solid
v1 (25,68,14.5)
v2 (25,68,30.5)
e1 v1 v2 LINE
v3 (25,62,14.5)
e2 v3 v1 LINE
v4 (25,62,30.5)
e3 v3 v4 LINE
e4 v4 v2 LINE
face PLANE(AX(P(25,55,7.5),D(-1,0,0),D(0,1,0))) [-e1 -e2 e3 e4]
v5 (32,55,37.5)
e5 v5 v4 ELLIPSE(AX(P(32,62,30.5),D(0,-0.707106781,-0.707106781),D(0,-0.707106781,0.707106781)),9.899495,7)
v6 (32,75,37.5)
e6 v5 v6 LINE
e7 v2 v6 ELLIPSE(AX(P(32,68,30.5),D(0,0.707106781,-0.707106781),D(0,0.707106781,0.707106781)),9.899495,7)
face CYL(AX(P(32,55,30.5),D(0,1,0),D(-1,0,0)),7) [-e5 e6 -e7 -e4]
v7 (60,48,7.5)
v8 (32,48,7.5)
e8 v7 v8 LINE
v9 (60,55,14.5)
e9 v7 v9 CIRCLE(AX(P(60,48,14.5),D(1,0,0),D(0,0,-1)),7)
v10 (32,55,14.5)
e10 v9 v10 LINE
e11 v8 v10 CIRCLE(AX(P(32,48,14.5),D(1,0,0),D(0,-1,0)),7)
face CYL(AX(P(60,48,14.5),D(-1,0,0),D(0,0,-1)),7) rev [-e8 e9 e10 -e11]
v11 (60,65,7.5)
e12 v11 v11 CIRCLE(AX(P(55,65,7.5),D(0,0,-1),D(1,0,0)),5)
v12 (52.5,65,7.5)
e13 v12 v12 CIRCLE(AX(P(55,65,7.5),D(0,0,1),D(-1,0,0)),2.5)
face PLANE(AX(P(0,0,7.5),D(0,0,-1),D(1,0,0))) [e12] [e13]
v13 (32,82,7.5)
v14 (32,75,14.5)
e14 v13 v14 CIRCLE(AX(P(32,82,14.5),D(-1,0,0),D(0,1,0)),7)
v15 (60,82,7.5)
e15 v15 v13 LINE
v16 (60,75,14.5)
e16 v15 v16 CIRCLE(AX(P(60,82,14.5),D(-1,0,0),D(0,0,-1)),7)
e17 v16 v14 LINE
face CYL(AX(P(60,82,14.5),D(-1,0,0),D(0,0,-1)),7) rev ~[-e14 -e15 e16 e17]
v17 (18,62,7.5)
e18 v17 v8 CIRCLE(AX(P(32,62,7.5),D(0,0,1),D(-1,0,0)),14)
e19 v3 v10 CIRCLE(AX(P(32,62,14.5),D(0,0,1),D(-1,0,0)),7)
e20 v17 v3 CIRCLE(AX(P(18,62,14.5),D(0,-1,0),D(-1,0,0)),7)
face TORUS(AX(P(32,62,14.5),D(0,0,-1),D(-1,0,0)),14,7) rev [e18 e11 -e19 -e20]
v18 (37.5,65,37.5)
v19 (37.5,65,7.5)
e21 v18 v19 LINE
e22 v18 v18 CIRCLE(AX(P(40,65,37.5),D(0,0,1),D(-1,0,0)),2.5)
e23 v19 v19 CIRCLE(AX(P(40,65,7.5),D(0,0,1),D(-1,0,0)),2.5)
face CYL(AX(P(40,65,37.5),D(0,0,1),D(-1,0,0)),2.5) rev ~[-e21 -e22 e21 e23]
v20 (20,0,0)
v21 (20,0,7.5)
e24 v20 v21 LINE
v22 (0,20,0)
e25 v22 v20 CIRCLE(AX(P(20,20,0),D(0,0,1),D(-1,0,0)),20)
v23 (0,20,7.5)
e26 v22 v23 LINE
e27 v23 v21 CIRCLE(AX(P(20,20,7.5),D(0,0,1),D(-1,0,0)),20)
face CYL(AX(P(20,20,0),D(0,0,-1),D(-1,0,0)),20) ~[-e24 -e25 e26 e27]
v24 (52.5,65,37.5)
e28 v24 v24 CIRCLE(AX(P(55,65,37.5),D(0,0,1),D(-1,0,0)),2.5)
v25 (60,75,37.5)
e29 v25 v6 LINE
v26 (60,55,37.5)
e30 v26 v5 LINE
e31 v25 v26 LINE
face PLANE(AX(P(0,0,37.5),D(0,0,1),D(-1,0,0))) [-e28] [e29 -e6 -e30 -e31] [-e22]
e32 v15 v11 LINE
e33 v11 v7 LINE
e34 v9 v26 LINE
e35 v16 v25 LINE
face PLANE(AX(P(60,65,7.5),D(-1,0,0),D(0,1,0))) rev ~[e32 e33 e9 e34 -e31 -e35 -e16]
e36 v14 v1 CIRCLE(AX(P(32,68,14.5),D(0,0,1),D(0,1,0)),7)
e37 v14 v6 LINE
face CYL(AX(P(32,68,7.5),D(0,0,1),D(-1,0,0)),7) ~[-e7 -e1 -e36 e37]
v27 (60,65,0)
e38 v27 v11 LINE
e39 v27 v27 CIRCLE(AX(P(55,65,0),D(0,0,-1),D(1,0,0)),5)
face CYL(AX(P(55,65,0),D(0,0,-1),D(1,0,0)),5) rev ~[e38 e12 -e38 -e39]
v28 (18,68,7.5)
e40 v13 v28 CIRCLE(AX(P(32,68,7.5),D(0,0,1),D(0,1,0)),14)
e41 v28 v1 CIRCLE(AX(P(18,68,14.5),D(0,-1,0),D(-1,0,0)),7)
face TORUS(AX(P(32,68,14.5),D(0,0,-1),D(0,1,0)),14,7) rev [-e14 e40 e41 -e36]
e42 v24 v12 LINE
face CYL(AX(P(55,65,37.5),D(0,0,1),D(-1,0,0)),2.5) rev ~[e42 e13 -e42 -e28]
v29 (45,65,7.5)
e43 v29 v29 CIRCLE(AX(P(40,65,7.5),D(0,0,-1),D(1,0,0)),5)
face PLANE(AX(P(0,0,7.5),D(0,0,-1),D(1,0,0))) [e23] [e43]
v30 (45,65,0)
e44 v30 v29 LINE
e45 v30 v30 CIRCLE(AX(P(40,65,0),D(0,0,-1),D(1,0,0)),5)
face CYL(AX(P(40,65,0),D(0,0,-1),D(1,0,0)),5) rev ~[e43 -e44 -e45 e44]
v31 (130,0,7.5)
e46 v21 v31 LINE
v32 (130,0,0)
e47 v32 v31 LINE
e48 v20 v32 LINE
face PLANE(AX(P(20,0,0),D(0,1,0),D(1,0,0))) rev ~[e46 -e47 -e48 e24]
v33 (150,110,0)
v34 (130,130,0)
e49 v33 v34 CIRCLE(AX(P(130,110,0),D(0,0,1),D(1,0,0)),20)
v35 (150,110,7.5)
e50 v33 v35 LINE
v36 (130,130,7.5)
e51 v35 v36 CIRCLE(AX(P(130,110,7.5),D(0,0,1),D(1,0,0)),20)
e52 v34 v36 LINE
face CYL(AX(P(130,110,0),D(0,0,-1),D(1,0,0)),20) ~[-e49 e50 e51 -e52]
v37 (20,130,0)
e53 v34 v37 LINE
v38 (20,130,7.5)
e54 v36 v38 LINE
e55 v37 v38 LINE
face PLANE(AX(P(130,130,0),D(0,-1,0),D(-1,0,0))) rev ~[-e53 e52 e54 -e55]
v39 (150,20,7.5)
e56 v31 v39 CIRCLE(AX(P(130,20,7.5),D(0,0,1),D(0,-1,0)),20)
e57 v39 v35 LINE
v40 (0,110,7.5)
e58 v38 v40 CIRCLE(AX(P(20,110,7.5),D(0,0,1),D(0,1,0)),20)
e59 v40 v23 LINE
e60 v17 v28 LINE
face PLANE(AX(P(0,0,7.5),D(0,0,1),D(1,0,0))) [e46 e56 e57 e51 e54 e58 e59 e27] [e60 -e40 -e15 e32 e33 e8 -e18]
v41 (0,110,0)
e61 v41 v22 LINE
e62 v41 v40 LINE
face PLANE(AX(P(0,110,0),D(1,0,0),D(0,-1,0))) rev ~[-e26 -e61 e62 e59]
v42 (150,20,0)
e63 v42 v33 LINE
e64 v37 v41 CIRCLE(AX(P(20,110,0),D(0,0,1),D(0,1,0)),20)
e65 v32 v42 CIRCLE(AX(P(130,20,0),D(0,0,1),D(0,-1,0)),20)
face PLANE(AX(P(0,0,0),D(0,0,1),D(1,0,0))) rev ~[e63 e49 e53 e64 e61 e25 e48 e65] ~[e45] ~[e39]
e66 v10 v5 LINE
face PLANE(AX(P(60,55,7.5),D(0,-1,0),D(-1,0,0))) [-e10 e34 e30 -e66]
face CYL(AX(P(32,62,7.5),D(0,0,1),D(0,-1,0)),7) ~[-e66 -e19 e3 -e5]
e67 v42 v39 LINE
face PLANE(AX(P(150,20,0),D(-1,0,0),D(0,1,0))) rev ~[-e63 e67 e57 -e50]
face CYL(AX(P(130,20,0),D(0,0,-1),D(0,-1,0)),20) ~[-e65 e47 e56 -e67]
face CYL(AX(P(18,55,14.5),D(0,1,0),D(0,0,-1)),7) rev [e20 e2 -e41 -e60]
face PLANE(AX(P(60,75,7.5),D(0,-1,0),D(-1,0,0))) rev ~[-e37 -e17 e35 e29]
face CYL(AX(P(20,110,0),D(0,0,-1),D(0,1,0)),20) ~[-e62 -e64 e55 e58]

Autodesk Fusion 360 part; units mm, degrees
sketch "Sketch1" plane through (0, 0, 0) normal (0, 0, 1) x (1, 0, 0)
  line L0 (20, 0) -> (130, 0)
  line L1 (150, 20) -> (150, 110)
  line L2 (130, 130) -> (20, 130)
  line L3 (0, 110) -> (0, 20)
  arc A0 (20, 130) -> (0, 110) centre (20, 110) ccw
  arc A1 (150, 110) -> (130, 130) centre (130, 110) ccw
  arc A2 (130, 0) -> (150, 20) centre (130, 20) ccw
  arc A3 (0, 20) -> (20, 0) centre (20, 20) ccw
  point P0 (150, 0)
  point P1 (0, 130)
  dimension "d1" = 150
  dimension "d2" = 130
  dimension "d3" = 20
extrude "Extrude1" add sketch "Sketch1" along normal blind 7.5
sketch "Sketch2" plane through (0, 0, 7.5) normal (0, 0, 1) x (-1, 0, 0)
  arc A0 (0, -20) -> (-20, 0) centre (-20, -20) ccw
  line L0 (-20, 0) -> (-130, 0)
  arc A1 (-130, 0) -> (-150, -20) centre (-130, -20) ccw
  line L1 (-150, -20) -> (-150, -110)
  arc A2 (-150, -110) -> (-130, -130) centre (-130, -110) ccw
  line L2 (-130, -130) -> (-20, -130)
  arc A3 (-20, -130) -> (0, -110) centre (-20, -110) ccw
  line L3 (0, -110) -> (0, -20)
  line L4 (-75, -130) -> (-75, 0) construction
  line L5 (0, -65) -> (-150, -65) construction
  line L6 (-115, -58.75) -> (-35, -58.75) construction
  line L7 (-35, -58.75) -> (-35, -71.25) construction
  line L8 (-35, -71.25) -> (-115, -71.25) construction
  line L9 (-115, -71.25) -> (-115, -58.75) construction
  line L10 (-115, -58.75) -> (-35, -71.25) construction
  line L11 (-35, -58.75) -> (-115, -71.25) construction
  line L12 (-35, -65) -> (-60, -65) construction
  line L13 (-60, -65) -> (-60, -75)
  line L14 (-60, -75) -> (-25, -75)
  line L15 (-60, -65) -> (-60, -55)
  line L16 (-60, -55) -> (-25, -55)
  line L17 (-25, -55) -> (-25, -75)
  point P0 (-75, -65)
  dimension "d6" = 80
  dimension "d7" = 12.5
  dimension "d10" = 25
  dimension "d11" = 10
  dimension "d12" = 10
extrude "Extrude2" add sketch "Sketch2" along normal blind 30 contours L13 L14 L15 L16 L17
sketch "Sketch3" plane through (0, 0, 37.5) normal (0, 0, 1) x (-1, 0, 0)
  line L0 (-60, -55) -> (-60, -75)
  line L1 (-60, -75) -> (-25, -75)
  line L2 (-25, -75) -> (-25, -55)
  line L3 (-25, -55) -> (-60, -55)
  line L4 (-60, -65) -> (-35, -65) construction
  line L5 (-35, -65) -> (-40, -65) construction
  circle A0 centre (-40, -65) radius 2.5
  circle A1 centre (-55, -65) radius 2.5
  dimension "d15" = 5
  dimension "d18" = -15
  dimension "d19" = 0
extrude "Extrude3" cut sketch "Sketch3" against normal blind 37.5 contours A0 | A1
sketch "Sketch4" plane through (0, 0, 0) normal (0, 0, -1) x (1, 0, 0)
  circle A0 centre (40, -65) radius 2.5
  circle A1 centre (55, -65) radius 2.5
  arc A2 (20, 0) -> (0, -20) centre (20, -20) ccw
  line L0 (0, -20) -> (0, -110)
  arc A3 (0, -110) -> (20, -130) centre (20, -110) ccw
  line L1 (20, -130) -> (130, -130)
  arc A4 (130, -130) -> (150, -110) centre (130, -110) ccw
  line L2 (150, -110) -> (150, -20)
  arc A5 (150, -20) -> (130, 0) centre (130, -20) ccw
  line L3 (130, 0) -> (20, 0)
  circle A6 centre (40, -65) radius 5
  circle A7 centre (55, -65) radius 5
  dimension "d22" = 10
  dimension "d23" = 10
extrude "Extrude4" cut sketch "Sketch4" against normal blind 7.5 contours A6 | A7
fillet "Fillet1" radius 7 6 edges at (25, 65, 7.5) (42.5, 55, 7.5) (25, 55, 22.5) (25, 75, 22.5) (25, 65, 37.5) (42.5, 75, 7.5)
